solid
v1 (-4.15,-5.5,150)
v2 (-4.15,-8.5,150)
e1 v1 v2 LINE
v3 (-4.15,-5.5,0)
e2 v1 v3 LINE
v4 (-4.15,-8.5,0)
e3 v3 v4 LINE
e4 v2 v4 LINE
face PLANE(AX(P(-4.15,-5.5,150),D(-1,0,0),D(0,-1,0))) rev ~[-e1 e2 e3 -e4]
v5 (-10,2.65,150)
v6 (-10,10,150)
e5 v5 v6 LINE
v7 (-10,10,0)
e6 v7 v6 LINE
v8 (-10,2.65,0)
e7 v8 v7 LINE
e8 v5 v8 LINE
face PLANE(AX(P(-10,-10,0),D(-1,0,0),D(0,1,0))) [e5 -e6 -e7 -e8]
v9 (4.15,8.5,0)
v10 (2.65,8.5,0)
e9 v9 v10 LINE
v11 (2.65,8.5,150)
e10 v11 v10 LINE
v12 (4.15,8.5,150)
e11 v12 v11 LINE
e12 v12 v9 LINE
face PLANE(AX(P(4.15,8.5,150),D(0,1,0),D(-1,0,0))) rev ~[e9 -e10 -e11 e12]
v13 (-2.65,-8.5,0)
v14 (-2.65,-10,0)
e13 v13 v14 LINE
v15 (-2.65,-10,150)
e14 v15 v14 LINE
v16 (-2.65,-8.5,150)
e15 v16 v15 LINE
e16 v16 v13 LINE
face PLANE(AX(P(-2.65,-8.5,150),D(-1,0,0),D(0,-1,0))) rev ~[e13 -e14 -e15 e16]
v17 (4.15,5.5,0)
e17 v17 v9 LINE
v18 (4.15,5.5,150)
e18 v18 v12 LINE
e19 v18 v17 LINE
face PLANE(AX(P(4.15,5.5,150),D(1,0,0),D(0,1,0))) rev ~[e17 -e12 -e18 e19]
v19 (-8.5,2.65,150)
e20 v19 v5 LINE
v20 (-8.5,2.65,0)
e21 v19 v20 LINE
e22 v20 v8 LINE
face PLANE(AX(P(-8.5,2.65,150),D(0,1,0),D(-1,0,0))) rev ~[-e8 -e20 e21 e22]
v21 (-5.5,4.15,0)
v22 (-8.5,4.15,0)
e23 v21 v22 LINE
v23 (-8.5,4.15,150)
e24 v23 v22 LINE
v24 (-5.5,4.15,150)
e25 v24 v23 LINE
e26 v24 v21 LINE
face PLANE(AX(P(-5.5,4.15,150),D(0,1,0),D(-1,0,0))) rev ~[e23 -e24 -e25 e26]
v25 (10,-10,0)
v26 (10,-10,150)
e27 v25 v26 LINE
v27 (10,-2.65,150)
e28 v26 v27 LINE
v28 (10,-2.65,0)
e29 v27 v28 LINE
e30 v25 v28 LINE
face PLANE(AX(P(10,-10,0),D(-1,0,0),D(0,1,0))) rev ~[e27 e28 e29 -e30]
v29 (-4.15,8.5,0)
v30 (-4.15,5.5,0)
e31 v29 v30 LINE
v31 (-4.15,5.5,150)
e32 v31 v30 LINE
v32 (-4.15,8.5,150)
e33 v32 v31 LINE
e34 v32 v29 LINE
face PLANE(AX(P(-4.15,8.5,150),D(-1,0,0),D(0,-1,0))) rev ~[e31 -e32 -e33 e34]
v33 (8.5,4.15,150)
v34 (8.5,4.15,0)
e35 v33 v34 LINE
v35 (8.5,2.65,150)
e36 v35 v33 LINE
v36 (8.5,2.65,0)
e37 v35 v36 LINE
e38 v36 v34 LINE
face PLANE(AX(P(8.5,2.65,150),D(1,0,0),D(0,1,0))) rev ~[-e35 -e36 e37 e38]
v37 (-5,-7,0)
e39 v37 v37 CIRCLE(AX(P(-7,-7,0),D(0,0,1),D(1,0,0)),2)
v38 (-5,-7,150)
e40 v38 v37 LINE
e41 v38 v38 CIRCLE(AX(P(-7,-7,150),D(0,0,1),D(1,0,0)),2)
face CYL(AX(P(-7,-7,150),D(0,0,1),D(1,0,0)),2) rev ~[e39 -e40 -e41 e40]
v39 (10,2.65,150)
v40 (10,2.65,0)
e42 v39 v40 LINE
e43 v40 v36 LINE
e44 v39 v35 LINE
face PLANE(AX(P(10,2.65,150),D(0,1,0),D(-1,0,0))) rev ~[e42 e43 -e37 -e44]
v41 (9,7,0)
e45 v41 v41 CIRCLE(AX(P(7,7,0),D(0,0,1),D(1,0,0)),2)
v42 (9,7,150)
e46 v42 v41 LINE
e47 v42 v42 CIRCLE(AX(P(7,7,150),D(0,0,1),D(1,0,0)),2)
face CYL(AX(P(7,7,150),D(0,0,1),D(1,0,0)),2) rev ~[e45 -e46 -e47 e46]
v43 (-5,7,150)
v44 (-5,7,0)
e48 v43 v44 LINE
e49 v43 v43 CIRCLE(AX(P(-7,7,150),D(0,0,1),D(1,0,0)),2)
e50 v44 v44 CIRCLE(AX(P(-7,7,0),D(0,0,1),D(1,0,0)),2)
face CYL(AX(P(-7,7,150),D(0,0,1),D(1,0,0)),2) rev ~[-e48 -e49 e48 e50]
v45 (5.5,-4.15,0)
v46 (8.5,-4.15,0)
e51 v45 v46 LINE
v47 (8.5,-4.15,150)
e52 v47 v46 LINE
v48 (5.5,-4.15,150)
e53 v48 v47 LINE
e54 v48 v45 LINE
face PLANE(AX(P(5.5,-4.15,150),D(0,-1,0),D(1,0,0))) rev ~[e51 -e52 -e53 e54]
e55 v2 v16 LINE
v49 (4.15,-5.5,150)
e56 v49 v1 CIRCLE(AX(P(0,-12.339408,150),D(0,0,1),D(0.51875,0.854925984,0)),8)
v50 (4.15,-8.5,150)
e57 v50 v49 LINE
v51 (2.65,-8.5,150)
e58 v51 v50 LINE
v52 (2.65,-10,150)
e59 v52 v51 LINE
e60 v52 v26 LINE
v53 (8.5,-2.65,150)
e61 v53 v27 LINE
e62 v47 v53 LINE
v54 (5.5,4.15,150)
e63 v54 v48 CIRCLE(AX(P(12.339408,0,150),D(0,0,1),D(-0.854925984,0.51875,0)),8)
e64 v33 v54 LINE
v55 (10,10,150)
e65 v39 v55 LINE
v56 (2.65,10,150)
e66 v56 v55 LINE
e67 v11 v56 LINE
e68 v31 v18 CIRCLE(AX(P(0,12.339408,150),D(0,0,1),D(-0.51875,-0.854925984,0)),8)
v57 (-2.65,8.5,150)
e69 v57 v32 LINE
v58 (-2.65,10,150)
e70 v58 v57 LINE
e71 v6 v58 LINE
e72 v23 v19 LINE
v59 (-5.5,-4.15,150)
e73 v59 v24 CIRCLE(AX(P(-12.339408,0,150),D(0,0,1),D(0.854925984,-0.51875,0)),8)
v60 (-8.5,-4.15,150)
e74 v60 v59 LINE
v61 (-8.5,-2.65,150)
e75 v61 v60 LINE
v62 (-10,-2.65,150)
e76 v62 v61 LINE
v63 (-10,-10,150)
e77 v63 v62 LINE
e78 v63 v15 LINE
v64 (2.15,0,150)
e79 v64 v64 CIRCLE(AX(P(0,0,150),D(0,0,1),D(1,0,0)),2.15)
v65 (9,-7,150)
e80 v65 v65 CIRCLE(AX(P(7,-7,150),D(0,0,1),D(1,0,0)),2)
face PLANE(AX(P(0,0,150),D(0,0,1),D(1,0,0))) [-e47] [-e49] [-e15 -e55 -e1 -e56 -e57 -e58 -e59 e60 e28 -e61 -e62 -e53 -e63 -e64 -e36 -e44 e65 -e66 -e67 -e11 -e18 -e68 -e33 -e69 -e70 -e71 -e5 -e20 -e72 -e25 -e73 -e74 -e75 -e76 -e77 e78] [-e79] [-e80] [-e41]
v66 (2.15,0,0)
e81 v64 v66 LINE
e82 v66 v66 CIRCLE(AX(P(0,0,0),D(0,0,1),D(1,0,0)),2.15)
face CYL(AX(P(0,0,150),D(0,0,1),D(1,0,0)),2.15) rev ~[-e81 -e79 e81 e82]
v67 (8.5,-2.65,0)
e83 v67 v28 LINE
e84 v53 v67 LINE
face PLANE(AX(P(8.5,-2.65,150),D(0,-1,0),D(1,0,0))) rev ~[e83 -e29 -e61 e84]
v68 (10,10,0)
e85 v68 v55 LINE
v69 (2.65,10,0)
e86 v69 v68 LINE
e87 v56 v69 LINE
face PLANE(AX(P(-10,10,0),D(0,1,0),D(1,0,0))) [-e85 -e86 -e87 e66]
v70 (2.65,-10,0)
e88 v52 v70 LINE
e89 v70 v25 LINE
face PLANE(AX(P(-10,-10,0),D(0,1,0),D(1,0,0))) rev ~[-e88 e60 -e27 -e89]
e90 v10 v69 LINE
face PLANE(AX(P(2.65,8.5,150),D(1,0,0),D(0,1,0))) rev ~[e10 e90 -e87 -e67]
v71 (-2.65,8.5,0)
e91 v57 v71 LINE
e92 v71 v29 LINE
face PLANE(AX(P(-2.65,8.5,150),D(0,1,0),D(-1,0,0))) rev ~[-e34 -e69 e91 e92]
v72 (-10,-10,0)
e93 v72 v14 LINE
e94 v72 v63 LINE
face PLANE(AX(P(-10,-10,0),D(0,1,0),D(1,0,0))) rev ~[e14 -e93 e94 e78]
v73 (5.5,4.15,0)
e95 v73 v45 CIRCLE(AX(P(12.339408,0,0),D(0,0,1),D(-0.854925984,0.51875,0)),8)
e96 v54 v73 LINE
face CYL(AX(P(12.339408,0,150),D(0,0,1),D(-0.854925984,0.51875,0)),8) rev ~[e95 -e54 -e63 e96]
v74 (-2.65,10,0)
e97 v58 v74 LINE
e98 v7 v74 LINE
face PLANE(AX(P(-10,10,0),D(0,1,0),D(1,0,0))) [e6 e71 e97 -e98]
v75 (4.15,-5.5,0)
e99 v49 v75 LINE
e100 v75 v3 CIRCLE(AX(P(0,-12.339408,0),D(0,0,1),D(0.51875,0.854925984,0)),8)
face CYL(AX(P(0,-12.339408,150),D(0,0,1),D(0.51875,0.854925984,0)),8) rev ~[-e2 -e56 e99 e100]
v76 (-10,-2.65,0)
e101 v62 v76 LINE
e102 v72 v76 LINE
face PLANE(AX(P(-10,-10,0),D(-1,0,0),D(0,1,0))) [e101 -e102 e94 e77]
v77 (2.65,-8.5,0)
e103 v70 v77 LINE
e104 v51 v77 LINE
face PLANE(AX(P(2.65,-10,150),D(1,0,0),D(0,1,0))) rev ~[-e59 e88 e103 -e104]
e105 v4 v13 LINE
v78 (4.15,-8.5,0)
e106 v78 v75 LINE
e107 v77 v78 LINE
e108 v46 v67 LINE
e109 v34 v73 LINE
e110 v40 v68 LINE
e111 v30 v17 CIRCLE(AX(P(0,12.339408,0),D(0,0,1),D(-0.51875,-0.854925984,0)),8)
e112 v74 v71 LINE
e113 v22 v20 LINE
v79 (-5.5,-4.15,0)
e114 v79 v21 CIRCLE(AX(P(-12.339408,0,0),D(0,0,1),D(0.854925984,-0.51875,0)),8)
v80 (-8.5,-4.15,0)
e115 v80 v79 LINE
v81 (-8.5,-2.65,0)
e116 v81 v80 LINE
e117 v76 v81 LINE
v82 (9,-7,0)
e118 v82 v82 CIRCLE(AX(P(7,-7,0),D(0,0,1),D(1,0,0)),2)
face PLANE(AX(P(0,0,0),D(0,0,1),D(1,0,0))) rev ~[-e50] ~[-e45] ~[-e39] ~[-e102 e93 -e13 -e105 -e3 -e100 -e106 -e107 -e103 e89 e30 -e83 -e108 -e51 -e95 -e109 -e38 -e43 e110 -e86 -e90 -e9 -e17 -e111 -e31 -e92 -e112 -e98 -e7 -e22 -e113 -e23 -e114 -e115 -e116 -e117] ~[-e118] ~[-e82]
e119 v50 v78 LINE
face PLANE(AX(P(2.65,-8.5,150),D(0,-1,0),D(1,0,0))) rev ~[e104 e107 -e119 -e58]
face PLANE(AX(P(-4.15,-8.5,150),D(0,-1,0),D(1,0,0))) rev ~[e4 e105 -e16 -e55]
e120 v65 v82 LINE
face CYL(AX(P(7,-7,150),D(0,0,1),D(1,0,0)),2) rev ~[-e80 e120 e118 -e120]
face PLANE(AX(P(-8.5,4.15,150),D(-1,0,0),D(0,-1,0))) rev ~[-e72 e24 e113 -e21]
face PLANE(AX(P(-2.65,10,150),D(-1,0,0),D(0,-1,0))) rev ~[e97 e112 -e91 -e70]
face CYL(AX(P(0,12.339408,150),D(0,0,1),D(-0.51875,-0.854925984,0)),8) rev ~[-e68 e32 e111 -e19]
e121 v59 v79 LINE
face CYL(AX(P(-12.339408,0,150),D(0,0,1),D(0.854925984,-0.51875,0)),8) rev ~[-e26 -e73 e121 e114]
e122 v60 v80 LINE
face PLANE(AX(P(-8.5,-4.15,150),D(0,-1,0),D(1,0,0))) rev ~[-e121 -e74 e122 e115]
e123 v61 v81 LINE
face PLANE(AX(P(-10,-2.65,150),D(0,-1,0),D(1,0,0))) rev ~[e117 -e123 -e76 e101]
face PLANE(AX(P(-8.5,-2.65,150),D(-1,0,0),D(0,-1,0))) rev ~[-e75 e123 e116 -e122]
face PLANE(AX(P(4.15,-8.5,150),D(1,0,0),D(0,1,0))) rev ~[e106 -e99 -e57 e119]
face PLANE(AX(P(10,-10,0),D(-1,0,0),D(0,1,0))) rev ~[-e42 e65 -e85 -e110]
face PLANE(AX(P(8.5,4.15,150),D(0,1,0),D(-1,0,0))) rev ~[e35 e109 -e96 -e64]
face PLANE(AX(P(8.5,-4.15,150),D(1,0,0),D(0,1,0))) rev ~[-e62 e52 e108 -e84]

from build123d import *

# Parameters (mm, degrees)
SKETCH_1_W          = 20
SKETCH_1_H          = 20
EXTRUDE_1_DEPTH     = 150
SKETCH_2_R          = 2.15
SKETCH_2_R_2        = 2
CUT_EXTRUDE_1_DEPTH = 300


with BuildPart() as part:
    # 스케치1 → 보스-돌출1 (new body)
    with BuildSketch(Plane.XY):
        Rectangle(SKETCH_1_W, SKETCH_1_H)
    extrude(amount=EXTRUDE_1_DEPTH)

    # 스케치2 → 컷-돌출1 (cut)
    with BuildSketch(Plane.XY.offset(150)):
        Circle(SKETCH_2_R)
        with Locations((-7, 7)):
            Circle(SKETCH_2_R_2)
        with Locations((7, 7)):
            Circle(SKETCH_2_R_2)
        with Locations((7, -7)):
            Circle(SKETCH_2_R_2)
        with Locations((-7, -7)):
            Circle(SKETCH_2_R_2)
        with BuildLine():
            Line((-2.65, 10), (-2.65, 8.5))
            Line((-2.65, 8.5), (-4.15, 8.5))
            Line((-4.15, 8.5), (-4.15, 5.5))
            ThreePointArc((-4.15, 5.5), (0, 4.339407869), (4.15, 5.5))
            Line((4.15, 5.5), (4.15, 8.5))
            Line((4.15, 8.5), (2.65, 8.5))
            Line((2.65, 8.5), (2.65, 10))
            Line((2.65, 10), (-2.65, 10))
        make_face()
        with BuildLine():
            Line((10, 2.65), (8.5, 2.65))
            Line((8.5, 2.65), (8.5, 4.15))
            Line((8.5, 4.15), (5.5, 4.15))
            ThreePointArc((5.5, 4.15), (4.339407869, 0), (5.5, -4.15))
            Line((5.5, -4.15), (8.5, -4.15))
            Line((8.5, -4.15), (8.5, -2.65))
            Line((8.5, -2.65), (10, -2.65))
            Line((10, -2.65), (10, 2.65))
        make_face()
        with BuildLine():
            Line((2.65, -10), (2.65, -8.5))
            Line((2.65, -8.5), (4.15, -8.5))
            Line((4.15, -8.5), (4.15, -5.5))
            ThreePointArc((4.15, -5.5), (0, -4.339407869), (-4.15, -5.5))
            Line((-4.15, -5.5), (-4.15, -8.5))
            Line((-4.15, -8.5), (-2.65, -8.5))
            Line((-2.65, -8.5), (-2.65, -10))
            Line((-2.65, -10), (2.65, -10))
        make_face()
        with BuildLine():
            Line((-10, -2.65), (-8.5, -2.65))
            Line((-8.5, -2.65), (-8.5, -4.15))
            Line((-8.5, -4.15), (-5.5, -4.15))
            ThreePointArc((-5.5, -4.15), (-4.339407869, 0), (-5.5, 4.15))
            Line((-5.5, 4.15), (-8.5, 4.15))
            Line((-8.5, 4.15), (-8.5, 2.65))
            Line((-8.5, 2.65), (-10, 2.65))
            Line((-10, 2.65), (-10, -2.65))
        make_face()
    extrude(amount=-CUT_EXTRUDE_1_DEPTH, mode=Mode.SUBTRACT)


solid = part.part
